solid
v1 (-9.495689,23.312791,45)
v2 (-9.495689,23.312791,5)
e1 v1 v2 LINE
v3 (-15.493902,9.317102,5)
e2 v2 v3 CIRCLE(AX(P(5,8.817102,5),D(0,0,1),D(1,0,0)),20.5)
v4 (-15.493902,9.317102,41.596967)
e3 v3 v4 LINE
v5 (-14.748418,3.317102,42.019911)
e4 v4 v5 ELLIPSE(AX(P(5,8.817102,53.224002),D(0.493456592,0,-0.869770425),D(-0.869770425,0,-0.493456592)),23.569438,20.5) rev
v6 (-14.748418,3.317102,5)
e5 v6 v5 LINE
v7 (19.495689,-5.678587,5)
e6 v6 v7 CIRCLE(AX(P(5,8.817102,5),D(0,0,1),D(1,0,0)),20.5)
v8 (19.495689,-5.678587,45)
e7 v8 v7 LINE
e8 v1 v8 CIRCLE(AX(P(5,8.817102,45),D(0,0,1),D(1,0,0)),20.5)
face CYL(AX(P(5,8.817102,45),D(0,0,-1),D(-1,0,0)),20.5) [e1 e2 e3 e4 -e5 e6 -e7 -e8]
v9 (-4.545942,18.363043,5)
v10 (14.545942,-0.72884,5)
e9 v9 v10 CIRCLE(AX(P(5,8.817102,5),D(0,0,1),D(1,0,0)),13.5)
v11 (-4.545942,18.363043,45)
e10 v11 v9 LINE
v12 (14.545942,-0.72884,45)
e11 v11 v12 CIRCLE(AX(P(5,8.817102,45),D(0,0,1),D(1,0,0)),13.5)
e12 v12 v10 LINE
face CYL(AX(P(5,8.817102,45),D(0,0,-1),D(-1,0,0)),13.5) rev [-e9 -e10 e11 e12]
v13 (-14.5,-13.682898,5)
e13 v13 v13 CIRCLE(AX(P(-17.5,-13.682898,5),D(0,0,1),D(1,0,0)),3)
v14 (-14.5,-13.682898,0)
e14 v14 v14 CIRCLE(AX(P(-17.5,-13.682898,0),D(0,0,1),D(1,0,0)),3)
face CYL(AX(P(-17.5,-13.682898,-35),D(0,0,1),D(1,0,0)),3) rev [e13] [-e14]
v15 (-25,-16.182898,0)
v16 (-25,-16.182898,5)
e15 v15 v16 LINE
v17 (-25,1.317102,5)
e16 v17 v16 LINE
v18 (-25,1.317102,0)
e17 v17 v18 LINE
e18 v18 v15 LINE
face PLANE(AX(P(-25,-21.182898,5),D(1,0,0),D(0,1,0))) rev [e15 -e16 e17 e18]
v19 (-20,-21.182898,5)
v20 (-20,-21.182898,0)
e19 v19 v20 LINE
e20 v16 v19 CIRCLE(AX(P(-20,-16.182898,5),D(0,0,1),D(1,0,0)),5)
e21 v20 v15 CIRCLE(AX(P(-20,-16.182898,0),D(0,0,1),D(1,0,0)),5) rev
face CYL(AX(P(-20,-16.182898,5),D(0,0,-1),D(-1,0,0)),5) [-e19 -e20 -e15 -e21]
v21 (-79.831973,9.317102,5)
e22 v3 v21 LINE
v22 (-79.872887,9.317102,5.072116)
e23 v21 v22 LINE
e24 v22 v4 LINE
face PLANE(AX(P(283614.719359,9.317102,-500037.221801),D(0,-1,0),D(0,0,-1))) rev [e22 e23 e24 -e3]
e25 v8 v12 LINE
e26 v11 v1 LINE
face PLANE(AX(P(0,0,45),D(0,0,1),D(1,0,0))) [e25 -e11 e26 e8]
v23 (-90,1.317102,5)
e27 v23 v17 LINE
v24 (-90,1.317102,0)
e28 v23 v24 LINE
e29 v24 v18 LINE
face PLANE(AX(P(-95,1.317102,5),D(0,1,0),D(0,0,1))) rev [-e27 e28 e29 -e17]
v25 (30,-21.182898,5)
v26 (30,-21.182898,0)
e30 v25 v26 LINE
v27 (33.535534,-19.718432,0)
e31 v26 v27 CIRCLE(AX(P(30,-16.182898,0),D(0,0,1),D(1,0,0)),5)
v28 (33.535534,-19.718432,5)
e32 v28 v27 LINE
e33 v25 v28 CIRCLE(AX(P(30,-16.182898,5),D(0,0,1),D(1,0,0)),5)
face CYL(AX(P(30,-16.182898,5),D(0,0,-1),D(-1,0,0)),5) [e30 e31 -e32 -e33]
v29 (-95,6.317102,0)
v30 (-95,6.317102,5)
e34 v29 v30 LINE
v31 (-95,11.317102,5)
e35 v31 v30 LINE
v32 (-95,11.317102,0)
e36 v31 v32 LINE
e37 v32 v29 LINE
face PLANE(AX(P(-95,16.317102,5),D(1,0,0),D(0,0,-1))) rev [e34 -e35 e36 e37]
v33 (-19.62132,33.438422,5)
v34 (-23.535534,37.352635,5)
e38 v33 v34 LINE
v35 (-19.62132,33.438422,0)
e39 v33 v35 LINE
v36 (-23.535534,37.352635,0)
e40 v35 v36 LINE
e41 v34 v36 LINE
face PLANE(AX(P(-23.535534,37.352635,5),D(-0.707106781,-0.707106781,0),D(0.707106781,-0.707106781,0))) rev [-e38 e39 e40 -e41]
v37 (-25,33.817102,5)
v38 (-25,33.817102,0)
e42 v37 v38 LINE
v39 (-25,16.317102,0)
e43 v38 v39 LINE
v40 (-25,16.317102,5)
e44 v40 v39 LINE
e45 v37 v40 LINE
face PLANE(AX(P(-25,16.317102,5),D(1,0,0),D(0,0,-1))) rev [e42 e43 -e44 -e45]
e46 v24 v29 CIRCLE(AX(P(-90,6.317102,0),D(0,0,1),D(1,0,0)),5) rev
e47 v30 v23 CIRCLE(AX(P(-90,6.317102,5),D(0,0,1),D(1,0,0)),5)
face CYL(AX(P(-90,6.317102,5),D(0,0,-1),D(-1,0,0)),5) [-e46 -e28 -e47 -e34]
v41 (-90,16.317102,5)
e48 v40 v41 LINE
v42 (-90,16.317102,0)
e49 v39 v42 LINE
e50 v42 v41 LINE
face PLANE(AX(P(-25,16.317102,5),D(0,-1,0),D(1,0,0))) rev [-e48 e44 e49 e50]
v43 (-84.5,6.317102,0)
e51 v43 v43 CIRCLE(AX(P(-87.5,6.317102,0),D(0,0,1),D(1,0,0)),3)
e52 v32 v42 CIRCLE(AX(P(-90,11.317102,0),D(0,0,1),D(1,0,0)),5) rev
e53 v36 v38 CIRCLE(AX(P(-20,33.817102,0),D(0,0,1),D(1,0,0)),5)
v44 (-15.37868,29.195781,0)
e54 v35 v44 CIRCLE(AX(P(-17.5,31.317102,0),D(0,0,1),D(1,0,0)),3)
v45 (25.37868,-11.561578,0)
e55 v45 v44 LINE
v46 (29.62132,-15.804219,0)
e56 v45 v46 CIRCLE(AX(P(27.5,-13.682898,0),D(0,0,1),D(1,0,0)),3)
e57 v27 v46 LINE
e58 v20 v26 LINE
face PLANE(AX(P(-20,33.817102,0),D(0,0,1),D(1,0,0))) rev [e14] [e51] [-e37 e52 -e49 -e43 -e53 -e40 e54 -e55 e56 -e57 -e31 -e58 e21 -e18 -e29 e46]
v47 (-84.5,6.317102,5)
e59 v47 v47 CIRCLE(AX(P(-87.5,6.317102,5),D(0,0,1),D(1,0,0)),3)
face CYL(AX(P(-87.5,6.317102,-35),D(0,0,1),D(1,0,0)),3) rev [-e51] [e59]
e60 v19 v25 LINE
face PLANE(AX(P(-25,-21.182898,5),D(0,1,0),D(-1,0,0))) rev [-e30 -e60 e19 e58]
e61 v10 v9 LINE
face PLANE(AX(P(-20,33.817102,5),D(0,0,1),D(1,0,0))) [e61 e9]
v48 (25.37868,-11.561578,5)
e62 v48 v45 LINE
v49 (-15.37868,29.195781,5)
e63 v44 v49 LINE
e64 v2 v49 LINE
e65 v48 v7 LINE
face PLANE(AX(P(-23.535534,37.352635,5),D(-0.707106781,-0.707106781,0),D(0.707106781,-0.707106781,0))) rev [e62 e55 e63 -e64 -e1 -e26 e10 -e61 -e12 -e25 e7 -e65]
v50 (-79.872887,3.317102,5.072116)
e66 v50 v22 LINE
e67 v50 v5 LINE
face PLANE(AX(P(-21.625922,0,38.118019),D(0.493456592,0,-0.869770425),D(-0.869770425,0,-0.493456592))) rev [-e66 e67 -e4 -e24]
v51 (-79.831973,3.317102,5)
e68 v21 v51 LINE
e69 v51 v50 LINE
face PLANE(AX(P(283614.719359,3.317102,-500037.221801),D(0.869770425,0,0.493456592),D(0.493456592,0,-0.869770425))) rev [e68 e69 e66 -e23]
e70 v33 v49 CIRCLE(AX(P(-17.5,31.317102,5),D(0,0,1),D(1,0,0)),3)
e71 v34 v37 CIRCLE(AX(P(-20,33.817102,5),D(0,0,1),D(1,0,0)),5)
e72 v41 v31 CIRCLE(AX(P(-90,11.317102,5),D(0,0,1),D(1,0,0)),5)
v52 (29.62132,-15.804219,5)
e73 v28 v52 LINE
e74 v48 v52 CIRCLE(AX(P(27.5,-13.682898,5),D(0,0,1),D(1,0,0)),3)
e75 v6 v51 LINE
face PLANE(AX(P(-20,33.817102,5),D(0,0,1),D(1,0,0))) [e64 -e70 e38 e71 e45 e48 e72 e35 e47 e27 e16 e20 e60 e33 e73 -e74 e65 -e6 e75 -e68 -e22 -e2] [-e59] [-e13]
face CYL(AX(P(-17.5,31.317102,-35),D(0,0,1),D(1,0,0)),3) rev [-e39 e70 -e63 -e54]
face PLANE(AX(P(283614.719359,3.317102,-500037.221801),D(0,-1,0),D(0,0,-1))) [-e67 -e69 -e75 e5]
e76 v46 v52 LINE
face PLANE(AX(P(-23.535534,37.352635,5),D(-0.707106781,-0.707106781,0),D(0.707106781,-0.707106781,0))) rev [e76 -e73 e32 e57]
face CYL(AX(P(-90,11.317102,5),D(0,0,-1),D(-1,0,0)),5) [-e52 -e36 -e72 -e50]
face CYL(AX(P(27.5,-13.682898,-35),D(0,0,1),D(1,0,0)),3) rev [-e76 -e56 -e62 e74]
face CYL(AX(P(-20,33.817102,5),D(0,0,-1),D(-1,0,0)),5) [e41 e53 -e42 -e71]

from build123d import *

# Parameters (mm, degrees)
SALIENTE_EXTRUIR1_DEPTH = 5
SALIENTE_EXTRUIR2_DEPTH = 40
EXTRUIR_L_MINA2_REACH   = 62.374
CROQUIS5_W              = 75.430750805
CROQUIS5_H              = 6
REDONDEO1_R             = 5
CROQUIS6_R              = 3
CORTAR_EXTRUIR1_DEPTH   = 40


with BuildPart() as part:
    # Croquis1 → Saliente-Extruir1 (new body)
    with BuildSketch(Plane.XY):
        with BuildLine():
            Line((-25, 16.317101546), (-95, 16.317101546))
            Line((-95, 16.317101546), (-95, 1.317101546))
            Line((-95, 1.317101546), (-25, 1.317101546))
            Line((-25, 1.317101546), (-25, -21.182898454))
            Line((-25, -21.182898454), (30, -21.182898454))
            ThreePointArc((30, -21.182898454), (31.913417162, -20.802296117), (33.535533906, -19.71843236))
            Line((33.535533906, -19.71843236), (-23.535533906, 37.352635452))
            ThreePointArc((-23.535533906, 37.352635452), (-24.619397663, 35.730518707), (-25, 33.817101546))
            Line((-25, 33.817101546), (-25, 16.317101546))
        make_face()
    extrude(amount=SALIENTE_EXTRUIR1_DEPTH)

    # Croquis2 → Saliente-Extruir2 (add)
    with BuildSketch(Plane.XY.offset(5)):
        with BuildLine():
            Line((-4.545941546, 18.363043092), (-9.495689014, 23.31279056))
            ThreePointArc((-9.495689014, 23.31279056), (-9.495689014, -5.678587469), (19.495689014, -5.678587469))
            Line((19.495689014, -5.678587469), (14.545941546, -0.72884))
            ThreePointArc((14.545941546, -0.72884), (-4.545941546, -0.72884), (-4.545941546, 18.363043092))
        make_face()
    extrude(amount=SALIENTE_EXTRUIR2_DEPTH)

    # Croquis5 → Extruir-Lámina2 (add, up to next)
    with BuildSketch(Plane(origin=(-21.625922377, 0, 38.118018916), x_dir=(0.869770425, 0, 0.493456592), z_dir=(-0.493456592, 0, 0.869770425)), mode=Mode.PRIVATE) as extruir_l_mina2_sk1:
        with Locations((-29.252830647, 6.317101546)):
            Rectangle(CROQUIS5_W, CROQUIS5_H)
    extruir_l_mina2_tool1 = extrude(extruir_l_mina2_sk1.sketch, amount=-EXTRUIR_L_MINA2_REACH, mode=Mode.PRIVATE) - part.part
    add(extruir_l_mina2_tool1.solids().sort_by_distance((-47.069169, 6.317102, 23.683017))[0])

    # Redondeo1
    redondeo1_edges = [part.edges().sort_by_distance(p)[0] for p in [
        (-95, 1.317101546, 2.5),
        (-95, 16.317101546, 2.5),
        (-25, -21.182898454, 2.5),
    ]]
    fillet(redondeo1_edges, radius=REDONDEO1_R)

    # Croquis6 → Cortar-Extruir1 (cut)
    with BuildSketch(Plane.XY.offset(5)):
        with Locations((-87.5, 6.317101546)):
            Circle(CROQUIS6_R)
        with Locations((-17.5, -13.682898454)):
            Circle(CROQUIS6_R)
        with Locations((-17.5, 31.317101546)):
            Circle(CROQUIS6_R)
        with Locations((27.5, -13.682898454)):
            Circle(CROQUIS6_R)
    extrude(amount=-CORTAR_EXTRUIR1_DEPTH, mode=Mode.SUBTRACT)


solid = part.part
